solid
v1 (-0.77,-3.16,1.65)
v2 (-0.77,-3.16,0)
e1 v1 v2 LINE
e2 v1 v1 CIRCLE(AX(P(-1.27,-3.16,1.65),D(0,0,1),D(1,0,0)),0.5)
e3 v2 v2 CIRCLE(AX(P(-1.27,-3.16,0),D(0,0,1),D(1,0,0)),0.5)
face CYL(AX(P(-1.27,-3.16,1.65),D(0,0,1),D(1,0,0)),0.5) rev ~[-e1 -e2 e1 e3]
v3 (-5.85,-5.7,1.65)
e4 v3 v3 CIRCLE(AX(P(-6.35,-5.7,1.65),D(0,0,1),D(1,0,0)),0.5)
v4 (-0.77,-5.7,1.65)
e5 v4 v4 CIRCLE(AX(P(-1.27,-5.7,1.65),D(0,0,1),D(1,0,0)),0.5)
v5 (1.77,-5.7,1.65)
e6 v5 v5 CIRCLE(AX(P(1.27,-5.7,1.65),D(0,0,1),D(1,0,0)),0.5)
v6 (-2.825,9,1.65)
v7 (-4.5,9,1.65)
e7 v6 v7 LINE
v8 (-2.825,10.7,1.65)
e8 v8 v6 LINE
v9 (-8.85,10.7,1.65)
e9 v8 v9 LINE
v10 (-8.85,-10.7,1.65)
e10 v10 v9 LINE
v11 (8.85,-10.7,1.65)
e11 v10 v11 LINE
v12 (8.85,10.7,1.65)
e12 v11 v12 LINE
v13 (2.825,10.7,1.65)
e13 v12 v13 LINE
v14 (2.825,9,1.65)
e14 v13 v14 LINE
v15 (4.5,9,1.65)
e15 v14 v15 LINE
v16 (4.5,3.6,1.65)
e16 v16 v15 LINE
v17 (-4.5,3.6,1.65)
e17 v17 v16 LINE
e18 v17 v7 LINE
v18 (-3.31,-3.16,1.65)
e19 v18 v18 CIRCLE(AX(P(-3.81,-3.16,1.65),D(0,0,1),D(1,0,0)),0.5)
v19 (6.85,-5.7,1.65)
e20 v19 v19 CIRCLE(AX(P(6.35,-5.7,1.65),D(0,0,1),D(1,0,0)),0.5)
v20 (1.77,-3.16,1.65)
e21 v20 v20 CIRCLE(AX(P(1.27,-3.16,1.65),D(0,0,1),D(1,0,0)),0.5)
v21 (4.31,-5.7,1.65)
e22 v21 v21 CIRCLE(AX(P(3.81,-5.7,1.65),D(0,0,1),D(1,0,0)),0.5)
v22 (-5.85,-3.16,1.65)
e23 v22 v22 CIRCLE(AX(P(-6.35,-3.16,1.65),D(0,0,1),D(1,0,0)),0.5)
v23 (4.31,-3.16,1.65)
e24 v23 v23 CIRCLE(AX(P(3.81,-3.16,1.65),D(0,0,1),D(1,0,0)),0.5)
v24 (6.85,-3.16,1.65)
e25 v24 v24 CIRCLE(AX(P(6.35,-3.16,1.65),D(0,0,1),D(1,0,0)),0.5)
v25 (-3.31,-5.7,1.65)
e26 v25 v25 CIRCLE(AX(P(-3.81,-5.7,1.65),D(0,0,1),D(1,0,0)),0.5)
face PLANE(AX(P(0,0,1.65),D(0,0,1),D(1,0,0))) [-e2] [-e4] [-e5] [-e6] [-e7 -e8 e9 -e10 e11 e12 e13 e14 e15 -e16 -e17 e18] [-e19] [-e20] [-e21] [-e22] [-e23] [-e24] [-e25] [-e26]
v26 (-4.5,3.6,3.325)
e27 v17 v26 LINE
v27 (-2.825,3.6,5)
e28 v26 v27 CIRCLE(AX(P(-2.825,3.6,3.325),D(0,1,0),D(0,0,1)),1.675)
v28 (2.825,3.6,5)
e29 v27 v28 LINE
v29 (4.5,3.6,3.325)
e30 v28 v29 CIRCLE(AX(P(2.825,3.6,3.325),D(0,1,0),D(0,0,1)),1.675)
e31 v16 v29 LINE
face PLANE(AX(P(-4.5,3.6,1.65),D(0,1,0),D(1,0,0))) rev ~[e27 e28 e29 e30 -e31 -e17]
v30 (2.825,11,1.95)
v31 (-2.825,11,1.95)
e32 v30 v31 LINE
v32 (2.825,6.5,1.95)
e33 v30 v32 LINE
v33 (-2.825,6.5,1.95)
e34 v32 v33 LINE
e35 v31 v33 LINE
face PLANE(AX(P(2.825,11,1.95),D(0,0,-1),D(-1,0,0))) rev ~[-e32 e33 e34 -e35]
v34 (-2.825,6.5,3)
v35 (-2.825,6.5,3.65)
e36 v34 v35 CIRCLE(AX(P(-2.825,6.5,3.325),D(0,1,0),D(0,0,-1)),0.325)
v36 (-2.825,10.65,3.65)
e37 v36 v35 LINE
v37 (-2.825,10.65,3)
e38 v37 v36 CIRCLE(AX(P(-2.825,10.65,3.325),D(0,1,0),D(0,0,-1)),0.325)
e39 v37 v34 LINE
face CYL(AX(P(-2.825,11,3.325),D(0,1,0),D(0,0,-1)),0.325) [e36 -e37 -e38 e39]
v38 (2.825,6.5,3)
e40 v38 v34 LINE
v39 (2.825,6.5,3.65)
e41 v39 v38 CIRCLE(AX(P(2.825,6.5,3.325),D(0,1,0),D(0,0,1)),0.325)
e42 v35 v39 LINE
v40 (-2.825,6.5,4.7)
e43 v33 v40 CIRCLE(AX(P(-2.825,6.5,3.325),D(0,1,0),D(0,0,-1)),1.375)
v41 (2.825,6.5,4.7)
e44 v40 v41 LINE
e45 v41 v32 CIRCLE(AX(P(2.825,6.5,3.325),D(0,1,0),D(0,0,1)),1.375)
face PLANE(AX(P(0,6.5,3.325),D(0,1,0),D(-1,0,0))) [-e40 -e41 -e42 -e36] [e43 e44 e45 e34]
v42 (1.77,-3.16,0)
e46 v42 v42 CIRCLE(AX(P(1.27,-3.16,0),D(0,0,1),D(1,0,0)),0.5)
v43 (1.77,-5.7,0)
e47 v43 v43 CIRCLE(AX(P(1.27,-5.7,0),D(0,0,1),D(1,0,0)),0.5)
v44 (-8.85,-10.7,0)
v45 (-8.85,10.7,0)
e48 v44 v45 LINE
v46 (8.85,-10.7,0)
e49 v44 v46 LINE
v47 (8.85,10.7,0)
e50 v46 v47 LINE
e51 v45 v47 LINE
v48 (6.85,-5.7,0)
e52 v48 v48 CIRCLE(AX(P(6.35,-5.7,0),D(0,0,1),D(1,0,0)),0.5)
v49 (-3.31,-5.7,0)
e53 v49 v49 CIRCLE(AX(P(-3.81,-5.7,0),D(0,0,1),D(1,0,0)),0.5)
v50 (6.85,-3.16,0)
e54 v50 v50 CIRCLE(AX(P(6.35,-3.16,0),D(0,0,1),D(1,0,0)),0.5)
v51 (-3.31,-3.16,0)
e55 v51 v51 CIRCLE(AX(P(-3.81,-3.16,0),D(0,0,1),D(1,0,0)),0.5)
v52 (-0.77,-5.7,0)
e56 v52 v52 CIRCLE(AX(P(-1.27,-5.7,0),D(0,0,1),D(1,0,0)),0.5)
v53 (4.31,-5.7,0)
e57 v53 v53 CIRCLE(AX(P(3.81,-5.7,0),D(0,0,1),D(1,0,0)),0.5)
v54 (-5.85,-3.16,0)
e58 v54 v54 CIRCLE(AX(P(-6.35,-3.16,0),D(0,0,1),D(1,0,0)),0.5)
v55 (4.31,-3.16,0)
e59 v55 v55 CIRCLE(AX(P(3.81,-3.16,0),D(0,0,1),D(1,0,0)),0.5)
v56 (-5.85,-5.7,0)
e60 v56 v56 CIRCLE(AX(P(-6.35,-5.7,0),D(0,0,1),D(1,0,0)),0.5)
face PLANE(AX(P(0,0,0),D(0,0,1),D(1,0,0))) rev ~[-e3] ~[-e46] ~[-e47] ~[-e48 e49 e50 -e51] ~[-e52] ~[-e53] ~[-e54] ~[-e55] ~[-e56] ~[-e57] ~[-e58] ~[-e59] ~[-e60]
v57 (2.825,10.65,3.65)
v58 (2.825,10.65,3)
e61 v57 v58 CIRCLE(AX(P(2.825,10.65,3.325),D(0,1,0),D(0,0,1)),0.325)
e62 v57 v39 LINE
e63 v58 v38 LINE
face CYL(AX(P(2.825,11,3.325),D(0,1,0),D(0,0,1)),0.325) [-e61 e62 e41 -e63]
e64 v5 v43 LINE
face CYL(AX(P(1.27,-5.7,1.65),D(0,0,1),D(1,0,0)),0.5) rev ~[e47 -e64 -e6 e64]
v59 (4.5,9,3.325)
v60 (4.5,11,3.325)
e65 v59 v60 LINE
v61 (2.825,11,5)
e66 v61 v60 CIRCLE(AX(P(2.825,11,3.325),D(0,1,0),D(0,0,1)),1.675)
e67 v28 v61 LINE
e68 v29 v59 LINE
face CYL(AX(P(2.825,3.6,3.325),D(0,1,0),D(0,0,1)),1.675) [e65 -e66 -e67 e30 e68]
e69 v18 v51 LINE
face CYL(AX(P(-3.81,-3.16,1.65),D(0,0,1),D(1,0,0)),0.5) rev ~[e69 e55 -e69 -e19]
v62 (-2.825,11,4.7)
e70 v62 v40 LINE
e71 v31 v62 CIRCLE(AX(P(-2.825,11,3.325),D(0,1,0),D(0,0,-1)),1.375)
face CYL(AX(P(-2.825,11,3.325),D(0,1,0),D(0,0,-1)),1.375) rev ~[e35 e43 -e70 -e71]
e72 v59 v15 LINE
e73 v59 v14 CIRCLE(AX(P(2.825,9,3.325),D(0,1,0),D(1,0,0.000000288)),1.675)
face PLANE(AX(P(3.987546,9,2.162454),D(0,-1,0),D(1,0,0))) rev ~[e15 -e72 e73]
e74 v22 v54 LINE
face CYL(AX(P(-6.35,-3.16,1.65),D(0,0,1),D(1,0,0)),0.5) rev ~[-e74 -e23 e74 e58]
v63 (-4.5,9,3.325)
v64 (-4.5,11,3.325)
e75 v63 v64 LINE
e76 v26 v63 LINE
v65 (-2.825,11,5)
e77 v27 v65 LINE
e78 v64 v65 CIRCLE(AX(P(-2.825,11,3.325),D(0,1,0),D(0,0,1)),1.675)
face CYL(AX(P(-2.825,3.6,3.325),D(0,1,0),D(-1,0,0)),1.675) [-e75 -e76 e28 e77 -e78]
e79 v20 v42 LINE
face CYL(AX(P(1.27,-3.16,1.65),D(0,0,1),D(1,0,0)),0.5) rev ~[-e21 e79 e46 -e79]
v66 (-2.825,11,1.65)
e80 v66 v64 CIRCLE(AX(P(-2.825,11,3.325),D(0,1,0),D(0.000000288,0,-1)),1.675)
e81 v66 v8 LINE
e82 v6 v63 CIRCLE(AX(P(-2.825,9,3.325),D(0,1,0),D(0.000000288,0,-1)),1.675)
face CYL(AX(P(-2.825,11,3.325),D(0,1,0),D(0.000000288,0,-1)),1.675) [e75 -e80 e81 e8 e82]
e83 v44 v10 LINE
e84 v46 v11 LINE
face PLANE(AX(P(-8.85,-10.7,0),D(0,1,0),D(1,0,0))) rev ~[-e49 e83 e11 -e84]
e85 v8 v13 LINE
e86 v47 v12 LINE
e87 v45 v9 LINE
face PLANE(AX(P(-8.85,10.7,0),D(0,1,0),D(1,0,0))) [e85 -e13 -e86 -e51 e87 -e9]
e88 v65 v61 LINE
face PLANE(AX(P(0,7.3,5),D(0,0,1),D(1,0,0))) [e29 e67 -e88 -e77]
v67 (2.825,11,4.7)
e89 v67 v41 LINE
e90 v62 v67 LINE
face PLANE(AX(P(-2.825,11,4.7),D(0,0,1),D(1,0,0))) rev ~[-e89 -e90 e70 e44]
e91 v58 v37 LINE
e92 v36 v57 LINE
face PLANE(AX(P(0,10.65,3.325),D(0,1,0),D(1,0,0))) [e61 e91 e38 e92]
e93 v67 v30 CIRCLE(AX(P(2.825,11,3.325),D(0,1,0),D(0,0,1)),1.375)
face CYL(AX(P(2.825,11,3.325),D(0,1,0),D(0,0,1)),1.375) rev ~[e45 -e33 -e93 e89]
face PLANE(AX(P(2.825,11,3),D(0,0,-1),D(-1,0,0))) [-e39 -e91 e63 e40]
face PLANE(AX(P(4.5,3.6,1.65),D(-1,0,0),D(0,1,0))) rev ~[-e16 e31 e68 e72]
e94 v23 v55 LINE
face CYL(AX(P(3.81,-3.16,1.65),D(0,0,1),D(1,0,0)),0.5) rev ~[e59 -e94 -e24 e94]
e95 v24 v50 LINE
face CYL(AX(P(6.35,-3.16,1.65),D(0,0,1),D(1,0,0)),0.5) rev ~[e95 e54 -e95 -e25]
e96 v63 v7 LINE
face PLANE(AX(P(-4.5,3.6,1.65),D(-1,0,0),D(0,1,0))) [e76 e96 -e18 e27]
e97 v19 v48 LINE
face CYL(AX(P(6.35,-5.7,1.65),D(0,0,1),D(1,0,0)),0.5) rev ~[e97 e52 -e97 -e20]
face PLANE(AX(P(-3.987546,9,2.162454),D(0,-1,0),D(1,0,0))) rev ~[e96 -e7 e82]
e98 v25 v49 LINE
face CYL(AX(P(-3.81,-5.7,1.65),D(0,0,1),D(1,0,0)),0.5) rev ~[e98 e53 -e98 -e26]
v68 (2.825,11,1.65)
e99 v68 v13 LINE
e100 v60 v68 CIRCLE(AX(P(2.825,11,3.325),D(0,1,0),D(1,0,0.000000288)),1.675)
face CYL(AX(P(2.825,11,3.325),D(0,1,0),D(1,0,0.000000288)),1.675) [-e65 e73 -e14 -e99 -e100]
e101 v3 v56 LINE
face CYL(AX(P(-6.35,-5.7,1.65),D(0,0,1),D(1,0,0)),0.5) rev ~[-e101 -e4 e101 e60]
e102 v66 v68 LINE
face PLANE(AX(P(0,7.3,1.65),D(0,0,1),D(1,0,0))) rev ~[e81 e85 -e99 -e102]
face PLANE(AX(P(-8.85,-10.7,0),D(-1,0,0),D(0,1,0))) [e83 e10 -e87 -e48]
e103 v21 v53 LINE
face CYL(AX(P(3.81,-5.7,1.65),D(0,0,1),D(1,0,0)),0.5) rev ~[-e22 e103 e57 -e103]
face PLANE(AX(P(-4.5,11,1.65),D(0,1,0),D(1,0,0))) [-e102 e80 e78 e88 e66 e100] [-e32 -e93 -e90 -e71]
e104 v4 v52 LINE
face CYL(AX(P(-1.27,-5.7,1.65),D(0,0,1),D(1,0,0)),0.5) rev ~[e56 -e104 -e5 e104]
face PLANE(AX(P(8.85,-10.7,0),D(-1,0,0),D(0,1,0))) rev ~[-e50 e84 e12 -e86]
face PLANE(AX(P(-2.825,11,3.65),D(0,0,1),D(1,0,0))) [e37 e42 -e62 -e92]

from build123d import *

# Parameters (mm, degrees)
SKETCH_W        = 17.7
SKETCH_H        = 21.4
PAD_DEPTH       = 1.65
SKETCH001_W     = 9
SKETCH001_H     = 7.4
PAD001_DEPTH    = 3.35
SKETCH002_R     = 0.5
POCKET_DEPTH    = 1.651
FILLET_R        = 1.675
POCKET001_DEPTH = 2
POCKET002_DEPTH = 4.5
POCKET003_DEPTH = 0.35


with BuildPart() as part:
    # Sketch → Pad (new body)
    with BuildSketch(Plane.XY):
        Rectangle(SKETCH_W, SKETCH_H)
    extrude(amount=PAD_DEPTH)

    # Sketch001 (on Face6 of Pad) → Pad001 (join)
    with BuildSketch(Plane.XY.offset(1.65)):
        with Locations((0, 7.3)):
            Rectangle(SKETCH001_W, SKETCH001_H)
    extrude(amount=PAD001_DEPTH)

    # Sketch002 (on Face5 of Pad001) → Pocket (cut, through all)
    with BuildSketch(Plane.XY.offset(1.65)):
        with Locations((-6.35, -3.16)):
            Circle(SKETCH002_R)
        with Locations((-3.81, -3.16)):
            Circle(SKETCH002_R)
        with Locations((-1.27, -3.16)):
            Circle(SKETCH002_R)
        with Locations((1.27, -3.16)):
            Circle(SKETCH002_R)
        with Locations((3.81, -3.16)):
            Circle(SKETCH002_R)
        with Locations((6.35, -3.16)):
            Circle(SKETCH002_R)
        with Locations((-6.35, -5.7)):
            Circle(SKETCH002_R)
        with Locations((-3.81, -5.7)):
            Circle(SKETCH002_R)
        with Locations((-1.27, -5.7)):
            Circle(SKETCH002_R)
        with Locations((1.27, -5.7)):
            Circle(SKETCH002_R)
        with Locations((3.81, -5.7)):
            Circle(SKETCH002_R)
        with Locations((6.35, -5.7)):
            Circle(SKETCH002_R)
    extrude(amount=-POCKET_DEPTH, mode=Mode.SUBTRACT)

    # Fillet
    fillet_edges = [part.edges().sort_by_distance(p)[0] for p in [
        (-4.5, 7.3, 5),
        (4.5, 7.3, 5),
    ]]
    fillet(fillet_edges, radius=FILLET_R)

    # Sketch003 (on Face5 of Fillet) → Pocket001 (cut)
    with BuildSketch(Plane(origin=(0, 11, 0), x_dir=(-1, 0, 0), z_dir=(0, 1, 0))):
        with BuildLine():
            ThreePointArc((-4.5, 3.325), (-4.009404, 2.140596), (-2.825, 1.65))
            Line((-2.825, 1.65), (-4.5, 1.65))
            Line((-4.5, 3.325), (-4.5, 1.65))
        make_face()
        with BuildLine():
            ThreePointArc((2.825, 1.65), (4.009404, 2.140596), (4.5, 3.325))
            Line((4.5, 3.325), (4.5, 1.65))
            Line((2.825, 1.65), (4.5, 1.65))
        make_face()
    extrude(amount=-POCKET001_DEPTH, mode=Mode.SUBTRACT)

    # Sketch004 (on Face6 of Pocket001) → Pocket002 (cut)
    with BuildSketch(Plane(origin=(0, 11, 0), x_dir=(-1, 0, 0), z_dir=(0, 1, 0))):
        with BuildLine():
            ThreePointArc((-2.825, 4.7), (-4.2, 3.325), (-2.825, 1.95))
            Line((-2.825, 1.95), (2.825, 1.95))
            ThreePointArc((2.825, 1.95), (4.2, 3.325), (2.825, 4.7))
            Line((2.825, 4.7), (-2.825, 4.7))
        make_face()
        with BuildLine():
            ThreePointArc((-2.825, 3.65), (-3.15, 3.325), (-2.825, 3))
            Line((-2.825, 3), (2.825, 3))
            ThreePointArc((2.825, 3), (3.15, 3.325), (2.825, 3.65))
            Line((2.825, 3.65), (-2.825, 3.65))
        make_face(mode=Mode.SUBTRACT)
    extrude(amount=-POCKET002_DEPTH, mode=Mode.SUBTRACT)

    # Pocket002 Face38 → Pocket003 (cut)
    with BuildSketch(Plane(origin=(0, 11, 3.325), x_dir=(1, 0, 0), z_dir=(0, 1, 0))):
        with BuildLine():
            Line((-2.825, -0.325), (2.825, -0.325))
            ThreePointArc((2.825, -0.325), (3.15, 0), (2.825, 0.325))
            Line((2.825, 0.325), (-2.825, 0.325))
            ThreePointArc((-2.825, 0.325), (-3.15, 0), (-2.825, -0.325))
        make_face()
    extrude(amount=-POCKET003_DEPTH, mode=Mode.SUBTRACT)


solid = part.part
